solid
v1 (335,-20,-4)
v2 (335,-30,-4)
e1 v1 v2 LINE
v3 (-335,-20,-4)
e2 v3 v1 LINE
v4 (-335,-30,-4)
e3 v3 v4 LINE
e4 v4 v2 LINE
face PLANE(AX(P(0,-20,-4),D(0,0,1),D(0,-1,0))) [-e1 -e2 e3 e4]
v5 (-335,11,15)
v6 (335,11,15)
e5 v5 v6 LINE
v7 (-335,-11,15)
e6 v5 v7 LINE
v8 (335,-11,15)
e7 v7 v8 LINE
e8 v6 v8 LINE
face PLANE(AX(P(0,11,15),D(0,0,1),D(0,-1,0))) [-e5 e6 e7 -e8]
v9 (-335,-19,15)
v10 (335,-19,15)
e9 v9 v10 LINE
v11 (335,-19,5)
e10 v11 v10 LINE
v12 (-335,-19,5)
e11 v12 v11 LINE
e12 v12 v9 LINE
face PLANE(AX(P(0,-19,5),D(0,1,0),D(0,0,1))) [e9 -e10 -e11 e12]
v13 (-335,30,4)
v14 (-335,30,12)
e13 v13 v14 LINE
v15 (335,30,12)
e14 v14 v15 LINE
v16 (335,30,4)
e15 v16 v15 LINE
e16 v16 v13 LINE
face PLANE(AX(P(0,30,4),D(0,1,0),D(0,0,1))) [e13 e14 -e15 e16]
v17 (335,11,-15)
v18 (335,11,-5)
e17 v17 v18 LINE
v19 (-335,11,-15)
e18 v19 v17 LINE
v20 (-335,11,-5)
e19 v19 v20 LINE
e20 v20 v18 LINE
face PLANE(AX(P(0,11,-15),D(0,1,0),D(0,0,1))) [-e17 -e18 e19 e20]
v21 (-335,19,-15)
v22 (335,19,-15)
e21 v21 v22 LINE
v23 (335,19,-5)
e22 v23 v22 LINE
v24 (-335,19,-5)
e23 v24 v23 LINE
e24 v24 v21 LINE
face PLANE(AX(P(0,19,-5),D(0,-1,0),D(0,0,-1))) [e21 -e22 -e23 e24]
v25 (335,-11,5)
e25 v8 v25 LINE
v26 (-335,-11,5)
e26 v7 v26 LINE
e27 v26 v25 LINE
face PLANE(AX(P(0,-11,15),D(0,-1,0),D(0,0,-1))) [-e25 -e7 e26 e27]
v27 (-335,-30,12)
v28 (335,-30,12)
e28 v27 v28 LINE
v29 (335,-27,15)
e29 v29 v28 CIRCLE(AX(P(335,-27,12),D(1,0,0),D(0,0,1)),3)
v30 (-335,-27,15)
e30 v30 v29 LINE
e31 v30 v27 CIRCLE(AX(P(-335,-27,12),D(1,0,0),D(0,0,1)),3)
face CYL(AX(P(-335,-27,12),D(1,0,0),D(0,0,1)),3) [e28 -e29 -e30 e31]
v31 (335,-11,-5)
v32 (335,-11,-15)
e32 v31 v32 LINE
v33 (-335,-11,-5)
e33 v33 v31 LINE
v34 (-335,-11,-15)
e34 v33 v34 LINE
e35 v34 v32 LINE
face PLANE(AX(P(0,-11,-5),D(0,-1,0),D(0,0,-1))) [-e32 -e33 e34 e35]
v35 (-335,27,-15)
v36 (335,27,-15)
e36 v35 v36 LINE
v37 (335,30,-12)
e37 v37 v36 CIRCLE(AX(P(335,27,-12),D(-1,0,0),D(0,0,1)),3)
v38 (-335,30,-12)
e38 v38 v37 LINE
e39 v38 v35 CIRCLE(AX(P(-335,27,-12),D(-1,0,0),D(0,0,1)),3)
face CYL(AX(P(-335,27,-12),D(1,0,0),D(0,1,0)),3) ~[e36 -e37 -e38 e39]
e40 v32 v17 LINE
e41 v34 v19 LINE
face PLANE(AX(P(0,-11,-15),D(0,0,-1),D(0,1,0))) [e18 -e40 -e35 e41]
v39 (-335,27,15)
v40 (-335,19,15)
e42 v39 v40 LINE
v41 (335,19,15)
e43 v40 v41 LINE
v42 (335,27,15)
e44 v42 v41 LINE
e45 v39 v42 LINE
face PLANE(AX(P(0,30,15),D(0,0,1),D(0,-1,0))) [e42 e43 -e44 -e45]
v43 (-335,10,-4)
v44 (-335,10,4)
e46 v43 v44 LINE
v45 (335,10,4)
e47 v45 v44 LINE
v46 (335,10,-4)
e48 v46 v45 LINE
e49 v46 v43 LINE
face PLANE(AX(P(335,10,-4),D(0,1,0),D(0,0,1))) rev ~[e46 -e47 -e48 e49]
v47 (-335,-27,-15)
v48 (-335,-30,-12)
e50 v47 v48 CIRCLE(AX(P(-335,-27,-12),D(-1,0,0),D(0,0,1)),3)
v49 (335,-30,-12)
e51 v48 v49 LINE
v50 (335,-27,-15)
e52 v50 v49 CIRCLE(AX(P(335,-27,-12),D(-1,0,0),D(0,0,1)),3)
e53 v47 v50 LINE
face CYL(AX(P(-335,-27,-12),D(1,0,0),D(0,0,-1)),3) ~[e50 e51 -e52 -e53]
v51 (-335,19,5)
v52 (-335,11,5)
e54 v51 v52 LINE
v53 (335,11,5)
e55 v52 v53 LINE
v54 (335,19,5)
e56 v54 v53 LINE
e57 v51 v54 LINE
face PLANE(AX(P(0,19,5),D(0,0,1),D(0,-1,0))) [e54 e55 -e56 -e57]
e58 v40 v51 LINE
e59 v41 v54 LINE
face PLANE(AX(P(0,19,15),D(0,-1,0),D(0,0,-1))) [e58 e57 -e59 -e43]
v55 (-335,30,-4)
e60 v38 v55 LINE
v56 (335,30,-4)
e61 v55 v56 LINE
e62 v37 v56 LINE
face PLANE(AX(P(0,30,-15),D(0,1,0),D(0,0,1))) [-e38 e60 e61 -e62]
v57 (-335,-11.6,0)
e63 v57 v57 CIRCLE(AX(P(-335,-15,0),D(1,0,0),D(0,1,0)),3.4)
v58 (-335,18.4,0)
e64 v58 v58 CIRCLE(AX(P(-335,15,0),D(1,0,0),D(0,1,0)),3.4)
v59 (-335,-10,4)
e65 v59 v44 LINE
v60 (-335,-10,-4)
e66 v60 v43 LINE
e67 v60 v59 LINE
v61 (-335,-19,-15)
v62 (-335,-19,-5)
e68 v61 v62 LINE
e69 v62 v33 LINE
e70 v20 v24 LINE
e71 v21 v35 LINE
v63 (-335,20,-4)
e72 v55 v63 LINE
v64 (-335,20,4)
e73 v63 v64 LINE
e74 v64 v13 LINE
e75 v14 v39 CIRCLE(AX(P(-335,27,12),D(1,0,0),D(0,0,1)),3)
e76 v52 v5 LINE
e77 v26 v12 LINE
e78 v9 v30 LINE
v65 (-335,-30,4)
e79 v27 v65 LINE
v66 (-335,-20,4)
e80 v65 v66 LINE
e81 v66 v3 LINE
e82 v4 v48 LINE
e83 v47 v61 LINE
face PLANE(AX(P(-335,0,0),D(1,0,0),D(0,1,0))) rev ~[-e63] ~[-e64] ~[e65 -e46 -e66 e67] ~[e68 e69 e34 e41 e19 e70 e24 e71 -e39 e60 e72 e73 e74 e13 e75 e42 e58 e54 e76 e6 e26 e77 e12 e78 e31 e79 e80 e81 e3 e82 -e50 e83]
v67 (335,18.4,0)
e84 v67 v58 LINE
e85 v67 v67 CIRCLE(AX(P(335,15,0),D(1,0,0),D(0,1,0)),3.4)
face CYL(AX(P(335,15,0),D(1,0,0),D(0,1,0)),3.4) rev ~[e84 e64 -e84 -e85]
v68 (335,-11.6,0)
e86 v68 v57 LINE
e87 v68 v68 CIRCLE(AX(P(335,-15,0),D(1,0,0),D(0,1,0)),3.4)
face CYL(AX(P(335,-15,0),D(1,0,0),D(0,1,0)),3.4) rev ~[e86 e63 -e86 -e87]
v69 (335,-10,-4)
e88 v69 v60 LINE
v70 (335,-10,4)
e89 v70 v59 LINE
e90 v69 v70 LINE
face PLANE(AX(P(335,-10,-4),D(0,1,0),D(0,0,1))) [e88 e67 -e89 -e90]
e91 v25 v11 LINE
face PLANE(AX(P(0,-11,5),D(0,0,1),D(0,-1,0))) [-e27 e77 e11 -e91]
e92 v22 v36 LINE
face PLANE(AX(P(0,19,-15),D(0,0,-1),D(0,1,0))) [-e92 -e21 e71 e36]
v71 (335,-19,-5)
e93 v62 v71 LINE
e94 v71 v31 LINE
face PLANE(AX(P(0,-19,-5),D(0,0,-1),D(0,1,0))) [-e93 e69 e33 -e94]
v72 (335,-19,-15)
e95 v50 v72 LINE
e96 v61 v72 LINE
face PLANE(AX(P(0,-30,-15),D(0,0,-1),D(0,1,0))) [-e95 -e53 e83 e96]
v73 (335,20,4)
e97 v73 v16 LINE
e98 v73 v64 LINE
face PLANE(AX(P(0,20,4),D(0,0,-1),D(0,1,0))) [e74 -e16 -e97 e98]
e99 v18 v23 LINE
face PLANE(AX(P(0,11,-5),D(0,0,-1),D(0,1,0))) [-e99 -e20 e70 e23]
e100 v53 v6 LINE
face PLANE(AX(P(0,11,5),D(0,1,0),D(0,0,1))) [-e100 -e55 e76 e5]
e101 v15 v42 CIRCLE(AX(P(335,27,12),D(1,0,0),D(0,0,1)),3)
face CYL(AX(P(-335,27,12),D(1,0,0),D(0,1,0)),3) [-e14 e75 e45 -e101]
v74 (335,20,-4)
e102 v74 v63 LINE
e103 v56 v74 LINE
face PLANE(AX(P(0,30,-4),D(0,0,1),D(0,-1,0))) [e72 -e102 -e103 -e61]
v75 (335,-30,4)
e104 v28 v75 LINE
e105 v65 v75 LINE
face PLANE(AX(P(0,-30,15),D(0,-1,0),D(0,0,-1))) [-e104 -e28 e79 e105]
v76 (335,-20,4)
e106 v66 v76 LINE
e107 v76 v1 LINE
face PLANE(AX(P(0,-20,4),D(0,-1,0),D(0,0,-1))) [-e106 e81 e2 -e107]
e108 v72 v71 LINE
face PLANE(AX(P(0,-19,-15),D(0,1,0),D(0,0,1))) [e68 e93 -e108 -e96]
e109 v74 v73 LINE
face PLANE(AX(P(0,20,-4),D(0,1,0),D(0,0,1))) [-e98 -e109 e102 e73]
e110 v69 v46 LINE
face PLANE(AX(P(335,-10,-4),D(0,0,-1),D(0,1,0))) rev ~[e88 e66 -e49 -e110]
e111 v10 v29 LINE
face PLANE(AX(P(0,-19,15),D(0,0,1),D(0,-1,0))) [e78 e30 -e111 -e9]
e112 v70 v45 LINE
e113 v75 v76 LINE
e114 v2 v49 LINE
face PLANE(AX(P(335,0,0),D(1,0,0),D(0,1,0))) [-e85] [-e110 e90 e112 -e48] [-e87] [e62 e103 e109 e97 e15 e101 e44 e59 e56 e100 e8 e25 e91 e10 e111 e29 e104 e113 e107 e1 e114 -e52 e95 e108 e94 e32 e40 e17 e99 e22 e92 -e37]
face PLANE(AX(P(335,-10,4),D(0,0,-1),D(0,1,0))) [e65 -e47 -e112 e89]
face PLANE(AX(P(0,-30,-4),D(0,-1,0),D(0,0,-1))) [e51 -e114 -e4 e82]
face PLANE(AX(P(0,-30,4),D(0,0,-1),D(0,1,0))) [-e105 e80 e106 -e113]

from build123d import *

# Parameters (mm, degrees)
F1_DEPTH = 335
F2_W     = 20
F2_H     = 8
F2_R     = 3.4
F3_DEPTH = 670
F4_R     = 3


with BuildPart() as f1:
    # F0 (on Right) → F1 (new body, symmetric)
    with BuildSketch(Plane.YZ):
        Polygon((30, 4), (30, 15), (19, 15), (19, 5), (11, 5), (11, 15), (-11, 15), (-11, 5), (-19, 5), (-19, 15), (-30, 15), (-30, 4), (-20, 4), (-20, -4), (-30, -4), (-30, -15), (-19, -15), (-19, -5), (-11, -5), (-11, -15), (11, -15), (11, -5), (19, -5), (19, -15), (30, -15), (30, -4), (20, -4), (20, 4), align=None)
    extrude(amount=F1_DEPTH, both=True)

    # F2 (on face) → F3 (cut)
    with BuildSketch(Plane.YZ.offset(335)):
        Rectangle(F2_W, F2_H)
        with Locations((-15, 0)):
            Circle(F2_R)
        with Locations((15, 0)):
            Circle(F2_R)
    extrude(amount=-F3_DEPTH, mode=Mode.SUBTRACT)

    # F4
    f4_edges = [f1.edges().sort_by_distance(p)[0] for p in [
        (0, -30, 15),
        (0, -30, -15),
        (0, 30, 15),
        (0, 30, -15),
    ]]
    fillet(f4_edges, radius=F4_R)


solid = f1.part
